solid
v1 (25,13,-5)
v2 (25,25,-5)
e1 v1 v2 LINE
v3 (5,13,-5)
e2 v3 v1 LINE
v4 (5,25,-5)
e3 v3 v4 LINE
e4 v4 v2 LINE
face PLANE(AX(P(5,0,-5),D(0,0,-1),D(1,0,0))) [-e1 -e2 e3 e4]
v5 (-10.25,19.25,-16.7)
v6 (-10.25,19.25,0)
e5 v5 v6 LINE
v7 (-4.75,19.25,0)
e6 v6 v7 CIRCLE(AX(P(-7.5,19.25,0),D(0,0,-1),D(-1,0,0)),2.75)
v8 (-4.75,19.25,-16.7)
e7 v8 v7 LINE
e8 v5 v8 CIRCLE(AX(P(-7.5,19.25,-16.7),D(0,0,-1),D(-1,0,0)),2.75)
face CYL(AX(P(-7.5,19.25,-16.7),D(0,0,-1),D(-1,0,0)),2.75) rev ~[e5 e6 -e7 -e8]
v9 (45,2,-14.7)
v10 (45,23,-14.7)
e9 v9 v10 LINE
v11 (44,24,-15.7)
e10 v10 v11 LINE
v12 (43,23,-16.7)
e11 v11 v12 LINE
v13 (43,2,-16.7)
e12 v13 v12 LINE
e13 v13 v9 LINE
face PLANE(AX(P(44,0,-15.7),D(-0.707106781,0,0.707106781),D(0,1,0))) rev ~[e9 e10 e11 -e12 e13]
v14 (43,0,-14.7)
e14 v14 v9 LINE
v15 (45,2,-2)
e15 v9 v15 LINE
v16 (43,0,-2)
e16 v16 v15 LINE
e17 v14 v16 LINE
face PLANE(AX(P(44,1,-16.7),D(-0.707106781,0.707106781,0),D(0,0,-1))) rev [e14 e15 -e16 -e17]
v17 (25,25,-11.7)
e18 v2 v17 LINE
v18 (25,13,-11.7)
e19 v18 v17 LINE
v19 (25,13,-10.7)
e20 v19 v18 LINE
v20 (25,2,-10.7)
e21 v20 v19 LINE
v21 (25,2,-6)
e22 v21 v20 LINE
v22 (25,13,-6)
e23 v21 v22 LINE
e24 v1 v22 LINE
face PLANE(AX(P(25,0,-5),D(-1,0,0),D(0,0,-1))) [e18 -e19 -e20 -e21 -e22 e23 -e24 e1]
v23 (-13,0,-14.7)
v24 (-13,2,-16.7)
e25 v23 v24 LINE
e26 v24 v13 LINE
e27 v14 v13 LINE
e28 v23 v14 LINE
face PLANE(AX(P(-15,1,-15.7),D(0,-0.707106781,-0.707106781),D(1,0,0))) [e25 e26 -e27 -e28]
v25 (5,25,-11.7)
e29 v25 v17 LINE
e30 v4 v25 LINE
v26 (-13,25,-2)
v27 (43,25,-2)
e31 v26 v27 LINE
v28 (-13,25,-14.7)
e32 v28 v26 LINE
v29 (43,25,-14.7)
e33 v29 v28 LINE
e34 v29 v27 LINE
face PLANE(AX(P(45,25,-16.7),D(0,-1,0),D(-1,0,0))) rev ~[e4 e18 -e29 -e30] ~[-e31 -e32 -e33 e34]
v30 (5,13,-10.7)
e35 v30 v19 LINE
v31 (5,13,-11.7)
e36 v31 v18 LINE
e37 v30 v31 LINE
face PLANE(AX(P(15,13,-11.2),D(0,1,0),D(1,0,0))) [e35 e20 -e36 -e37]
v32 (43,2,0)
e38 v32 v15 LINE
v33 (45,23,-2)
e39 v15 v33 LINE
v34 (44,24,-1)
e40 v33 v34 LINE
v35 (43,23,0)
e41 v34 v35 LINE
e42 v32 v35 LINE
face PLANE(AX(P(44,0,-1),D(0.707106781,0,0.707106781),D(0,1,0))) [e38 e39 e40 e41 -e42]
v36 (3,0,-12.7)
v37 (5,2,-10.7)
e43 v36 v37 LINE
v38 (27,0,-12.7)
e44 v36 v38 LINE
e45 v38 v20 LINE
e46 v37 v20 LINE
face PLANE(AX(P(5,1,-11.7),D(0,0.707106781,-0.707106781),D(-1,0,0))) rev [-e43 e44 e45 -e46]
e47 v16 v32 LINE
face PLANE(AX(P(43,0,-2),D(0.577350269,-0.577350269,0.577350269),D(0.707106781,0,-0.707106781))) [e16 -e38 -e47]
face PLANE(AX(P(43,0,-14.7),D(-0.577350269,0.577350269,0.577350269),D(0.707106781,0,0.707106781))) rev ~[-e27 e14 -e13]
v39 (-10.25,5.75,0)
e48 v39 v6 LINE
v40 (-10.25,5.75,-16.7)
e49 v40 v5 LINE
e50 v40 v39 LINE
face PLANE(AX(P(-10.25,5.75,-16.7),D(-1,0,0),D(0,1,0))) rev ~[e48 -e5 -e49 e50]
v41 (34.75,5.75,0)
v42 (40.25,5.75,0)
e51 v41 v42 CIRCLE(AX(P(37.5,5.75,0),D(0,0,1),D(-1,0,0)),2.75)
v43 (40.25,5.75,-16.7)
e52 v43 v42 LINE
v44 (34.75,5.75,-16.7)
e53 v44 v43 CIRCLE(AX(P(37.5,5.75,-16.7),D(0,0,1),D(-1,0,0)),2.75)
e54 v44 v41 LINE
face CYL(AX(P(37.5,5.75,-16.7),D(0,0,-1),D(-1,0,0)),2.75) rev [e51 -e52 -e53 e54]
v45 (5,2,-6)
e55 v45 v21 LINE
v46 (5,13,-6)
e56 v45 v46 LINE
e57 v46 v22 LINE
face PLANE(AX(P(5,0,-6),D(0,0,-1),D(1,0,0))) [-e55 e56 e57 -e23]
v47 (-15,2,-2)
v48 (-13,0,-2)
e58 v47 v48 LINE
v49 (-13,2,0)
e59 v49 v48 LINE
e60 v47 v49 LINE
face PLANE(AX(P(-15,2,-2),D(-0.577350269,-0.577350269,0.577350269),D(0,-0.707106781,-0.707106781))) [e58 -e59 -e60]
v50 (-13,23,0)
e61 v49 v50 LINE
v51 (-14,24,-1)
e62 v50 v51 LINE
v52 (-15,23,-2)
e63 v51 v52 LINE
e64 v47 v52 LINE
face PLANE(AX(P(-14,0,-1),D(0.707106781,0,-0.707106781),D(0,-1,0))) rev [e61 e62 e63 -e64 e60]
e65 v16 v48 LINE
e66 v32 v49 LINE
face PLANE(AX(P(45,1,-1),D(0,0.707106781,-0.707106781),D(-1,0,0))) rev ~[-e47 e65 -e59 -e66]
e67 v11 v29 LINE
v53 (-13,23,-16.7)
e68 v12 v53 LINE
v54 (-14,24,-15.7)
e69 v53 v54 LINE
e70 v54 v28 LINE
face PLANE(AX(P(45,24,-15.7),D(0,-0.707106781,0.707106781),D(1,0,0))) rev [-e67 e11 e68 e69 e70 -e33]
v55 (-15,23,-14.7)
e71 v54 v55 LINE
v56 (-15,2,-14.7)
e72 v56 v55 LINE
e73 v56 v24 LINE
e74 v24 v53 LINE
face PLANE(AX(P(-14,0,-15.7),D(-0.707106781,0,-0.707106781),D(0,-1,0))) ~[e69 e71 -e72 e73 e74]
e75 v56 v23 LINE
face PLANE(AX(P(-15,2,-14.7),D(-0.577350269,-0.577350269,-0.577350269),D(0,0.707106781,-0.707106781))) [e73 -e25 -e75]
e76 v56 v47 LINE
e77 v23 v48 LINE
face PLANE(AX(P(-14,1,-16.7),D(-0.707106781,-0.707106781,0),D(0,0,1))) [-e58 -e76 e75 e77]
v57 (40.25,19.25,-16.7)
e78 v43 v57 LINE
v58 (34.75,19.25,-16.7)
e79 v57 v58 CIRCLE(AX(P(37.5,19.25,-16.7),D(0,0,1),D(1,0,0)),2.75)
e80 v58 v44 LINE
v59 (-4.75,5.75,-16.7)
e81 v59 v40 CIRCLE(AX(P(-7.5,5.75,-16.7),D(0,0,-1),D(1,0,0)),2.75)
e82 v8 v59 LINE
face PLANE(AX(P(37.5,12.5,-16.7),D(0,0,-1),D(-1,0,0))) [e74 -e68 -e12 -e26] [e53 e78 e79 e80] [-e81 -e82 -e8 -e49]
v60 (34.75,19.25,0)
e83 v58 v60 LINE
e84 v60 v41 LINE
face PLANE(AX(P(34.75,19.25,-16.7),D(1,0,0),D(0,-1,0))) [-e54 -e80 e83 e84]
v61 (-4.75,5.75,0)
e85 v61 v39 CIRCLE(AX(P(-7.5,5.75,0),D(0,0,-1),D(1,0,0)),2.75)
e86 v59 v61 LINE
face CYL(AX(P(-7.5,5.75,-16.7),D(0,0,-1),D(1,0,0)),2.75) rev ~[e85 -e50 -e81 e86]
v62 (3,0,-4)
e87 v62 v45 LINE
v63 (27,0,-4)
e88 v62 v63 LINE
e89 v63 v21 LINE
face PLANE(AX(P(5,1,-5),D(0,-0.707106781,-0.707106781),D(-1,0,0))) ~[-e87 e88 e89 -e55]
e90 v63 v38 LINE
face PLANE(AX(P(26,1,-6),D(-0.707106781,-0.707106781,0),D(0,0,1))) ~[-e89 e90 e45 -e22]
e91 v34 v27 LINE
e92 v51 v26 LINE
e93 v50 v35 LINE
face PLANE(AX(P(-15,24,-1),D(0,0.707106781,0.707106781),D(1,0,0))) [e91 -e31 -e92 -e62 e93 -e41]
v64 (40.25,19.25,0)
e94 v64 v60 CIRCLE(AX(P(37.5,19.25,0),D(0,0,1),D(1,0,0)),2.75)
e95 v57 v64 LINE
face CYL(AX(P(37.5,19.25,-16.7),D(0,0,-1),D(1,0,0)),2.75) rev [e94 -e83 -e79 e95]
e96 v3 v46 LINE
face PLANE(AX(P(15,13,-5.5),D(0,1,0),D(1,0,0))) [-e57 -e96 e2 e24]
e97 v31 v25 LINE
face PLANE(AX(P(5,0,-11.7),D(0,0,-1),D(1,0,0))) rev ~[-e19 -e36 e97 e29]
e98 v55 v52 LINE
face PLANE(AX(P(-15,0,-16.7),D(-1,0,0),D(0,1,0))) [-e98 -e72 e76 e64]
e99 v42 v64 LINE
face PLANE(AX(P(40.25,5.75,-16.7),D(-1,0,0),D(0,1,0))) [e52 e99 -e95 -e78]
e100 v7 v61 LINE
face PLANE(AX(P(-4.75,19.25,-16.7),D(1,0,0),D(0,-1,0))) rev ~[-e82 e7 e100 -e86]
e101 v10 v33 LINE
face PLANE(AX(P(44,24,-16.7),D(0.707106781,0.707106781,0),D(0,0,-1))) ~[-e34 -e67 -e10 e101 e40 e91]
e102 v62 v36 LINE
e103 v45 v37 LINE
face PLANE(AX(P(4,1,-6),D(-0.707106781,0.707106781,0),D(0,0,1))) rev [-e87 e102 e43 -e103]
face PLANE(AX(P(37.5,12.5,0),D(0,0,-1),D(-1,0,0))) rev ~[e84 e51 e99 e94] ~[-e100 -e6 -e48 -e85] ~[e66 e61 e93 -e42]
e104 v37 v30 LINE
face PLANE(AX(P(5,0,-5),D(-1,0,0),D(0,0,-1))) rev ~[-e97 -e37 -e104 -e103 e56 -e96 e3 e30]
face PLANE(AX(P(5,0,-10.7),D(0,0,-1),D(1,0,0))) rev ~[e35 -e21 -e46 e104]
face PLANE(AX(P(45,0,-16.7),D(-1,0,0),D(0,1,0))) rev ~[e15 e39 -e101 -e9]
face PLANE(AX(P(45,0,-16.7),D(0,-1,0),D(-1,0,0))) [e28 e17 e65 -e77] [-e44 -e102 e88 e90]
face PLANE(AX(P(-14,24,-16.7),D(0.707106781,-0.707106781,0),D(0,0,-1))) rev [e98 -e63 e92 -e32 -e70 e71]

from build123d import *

# Parameters (mm, degrees)
SKETCH1_W           = 30
SKETCH1_H           = 16.7
SKETCH1_W_2         = 20
SKETCH1_H_2         = 6.7
BOSS_EXTRUDE1_DEPTH = 25
SKETCH1_3_W         = 20
SKETCH1_3_H         = 1
BOSS_EXTRUDE2_DEPTH = 13
SKETCH2_W           = 15
SKETCH2_H           = 25
BOSS_EXTRUDE3_DEPTH = 16.7
CHAMFER1_SIZE       = 2
CHAMFER2_SIZE       = 2


with BuildPart() as part:
    # Sketch1 → Boss-Extrude1 (new body)
    with BuildSketch(Plane(origin=(0, 0, 0), x_dir=(1, 0, 0), z_dir=(0, 1, 0))):
        with Locations((15, 8.35)):
            Rectangle(SKETCH1_W, SKETCH1_H)
        with Locations((15, 8.35)):
            Rectangle(SKETCH1_W_2, SKETCH1_H_2, mode=Mode.SUBTRACT)
    extrude(amount=BOSS_EXTRUDE1_DEPTH)

    # Sketch1<3> → Boss-Extrude2 (add)
    with BuildSketch(Plane(origin=(0, 0, 0), x_dir=(1, 0, 0), z_dir=(0, 1, 0))):
        with Locations((15, 11.2)):
            Rectangle(SKETCH1_3_W, SKETCH1_3_H)
        with Locations((15, 5.5)):
            Rectangle(SKETCH1_3_W, SKETCH1_3_H)
    extrude(amount=BOSS_EXTRUDE2_DEPTH)

    # Sketch2 → Boss-Extrude3 (add, through all)
    # profile 1 of 2: a face of its own
    with BuildSketch(Plane(origin=(0, 0, -16.7), x_dir=(-1, 0, 0), z_dir=(0, 0, -1))):
        with Locations((-37.5, 12.5)):
            Rectangle(SKETCH2_W, SKETCH2_H)
        with BuildLine():
            Line((-40.25, 5.75), (-40.25, 19.25))
            ThreePointArc((-40.25, 19.25), (-37.5, 22), (-34.75, 19.25))
            Line((-34.75, 19.25), (-34.75, 5.75))
            ThreePointArc((-34.75, 5.75), (-37.5, 3), (-40.25, 5.75))
        make_face(mode=Mode.SUBTRACT)
    # profile 2 of 2: a face of its own
    with BuildSketch(Plane(origin=(0, 0, -16.7), x_dir=(-1, 0, 0), z_dir=(0, 0, -1))):
        with Locations((7.5, 12.5)):
            Rectangle(SKETCH2_W, SKETCH2_H)
        with BuildLine():
            Line((10.25, 5.75), (10.25, 19.25))
            ThreePointArc((10.25, 19.25), (7.5, 22), (4.75, 19.25))
            Line((4.75, 19.25), (4.75, 5.75))
            ThreePointArc((4.75, 5.75), (7.5, 3), (10.25, 5.75))
        make_face(mode=Mode.SUBTRACT)
    extrude(amount=-BOSS_EXTRUDE3_DEPTH)

    # Chamfer1
    chamfer1_edges = [part.edges().sort_by_distance(p)[0] for p in [
        (15, 25, -16.7),
        (45, 25, -8.35),
        (-15, 25, -8.35),
        (15, 25, 0),
    ]]
    chamfer(chamfer1_edges, length=CHAMFER1_SIZE)

    # Chamfer2
    chamfer2_edges = [part.edges().sort_by_distance(p)[0] for p in [
        (45, 11.5, -16.7),
        (45, 11.5, 0),
        (15, 0, -16.7),
        (15, 0, 0),
        (25, 0, -8.35),
        (5, 0, -8.35),
        (15, 0, -10.7),
        (15, 0, -6),
        (45, 0, -8.35),
        (-15, 11.5, 0),
        (-15, 0, -8.35),
        (-15, 11.5, -16.7),
    ]]
    chamfer(chamfer2_edges, length=CHAMFER2_SIZE)


solid = part.part
